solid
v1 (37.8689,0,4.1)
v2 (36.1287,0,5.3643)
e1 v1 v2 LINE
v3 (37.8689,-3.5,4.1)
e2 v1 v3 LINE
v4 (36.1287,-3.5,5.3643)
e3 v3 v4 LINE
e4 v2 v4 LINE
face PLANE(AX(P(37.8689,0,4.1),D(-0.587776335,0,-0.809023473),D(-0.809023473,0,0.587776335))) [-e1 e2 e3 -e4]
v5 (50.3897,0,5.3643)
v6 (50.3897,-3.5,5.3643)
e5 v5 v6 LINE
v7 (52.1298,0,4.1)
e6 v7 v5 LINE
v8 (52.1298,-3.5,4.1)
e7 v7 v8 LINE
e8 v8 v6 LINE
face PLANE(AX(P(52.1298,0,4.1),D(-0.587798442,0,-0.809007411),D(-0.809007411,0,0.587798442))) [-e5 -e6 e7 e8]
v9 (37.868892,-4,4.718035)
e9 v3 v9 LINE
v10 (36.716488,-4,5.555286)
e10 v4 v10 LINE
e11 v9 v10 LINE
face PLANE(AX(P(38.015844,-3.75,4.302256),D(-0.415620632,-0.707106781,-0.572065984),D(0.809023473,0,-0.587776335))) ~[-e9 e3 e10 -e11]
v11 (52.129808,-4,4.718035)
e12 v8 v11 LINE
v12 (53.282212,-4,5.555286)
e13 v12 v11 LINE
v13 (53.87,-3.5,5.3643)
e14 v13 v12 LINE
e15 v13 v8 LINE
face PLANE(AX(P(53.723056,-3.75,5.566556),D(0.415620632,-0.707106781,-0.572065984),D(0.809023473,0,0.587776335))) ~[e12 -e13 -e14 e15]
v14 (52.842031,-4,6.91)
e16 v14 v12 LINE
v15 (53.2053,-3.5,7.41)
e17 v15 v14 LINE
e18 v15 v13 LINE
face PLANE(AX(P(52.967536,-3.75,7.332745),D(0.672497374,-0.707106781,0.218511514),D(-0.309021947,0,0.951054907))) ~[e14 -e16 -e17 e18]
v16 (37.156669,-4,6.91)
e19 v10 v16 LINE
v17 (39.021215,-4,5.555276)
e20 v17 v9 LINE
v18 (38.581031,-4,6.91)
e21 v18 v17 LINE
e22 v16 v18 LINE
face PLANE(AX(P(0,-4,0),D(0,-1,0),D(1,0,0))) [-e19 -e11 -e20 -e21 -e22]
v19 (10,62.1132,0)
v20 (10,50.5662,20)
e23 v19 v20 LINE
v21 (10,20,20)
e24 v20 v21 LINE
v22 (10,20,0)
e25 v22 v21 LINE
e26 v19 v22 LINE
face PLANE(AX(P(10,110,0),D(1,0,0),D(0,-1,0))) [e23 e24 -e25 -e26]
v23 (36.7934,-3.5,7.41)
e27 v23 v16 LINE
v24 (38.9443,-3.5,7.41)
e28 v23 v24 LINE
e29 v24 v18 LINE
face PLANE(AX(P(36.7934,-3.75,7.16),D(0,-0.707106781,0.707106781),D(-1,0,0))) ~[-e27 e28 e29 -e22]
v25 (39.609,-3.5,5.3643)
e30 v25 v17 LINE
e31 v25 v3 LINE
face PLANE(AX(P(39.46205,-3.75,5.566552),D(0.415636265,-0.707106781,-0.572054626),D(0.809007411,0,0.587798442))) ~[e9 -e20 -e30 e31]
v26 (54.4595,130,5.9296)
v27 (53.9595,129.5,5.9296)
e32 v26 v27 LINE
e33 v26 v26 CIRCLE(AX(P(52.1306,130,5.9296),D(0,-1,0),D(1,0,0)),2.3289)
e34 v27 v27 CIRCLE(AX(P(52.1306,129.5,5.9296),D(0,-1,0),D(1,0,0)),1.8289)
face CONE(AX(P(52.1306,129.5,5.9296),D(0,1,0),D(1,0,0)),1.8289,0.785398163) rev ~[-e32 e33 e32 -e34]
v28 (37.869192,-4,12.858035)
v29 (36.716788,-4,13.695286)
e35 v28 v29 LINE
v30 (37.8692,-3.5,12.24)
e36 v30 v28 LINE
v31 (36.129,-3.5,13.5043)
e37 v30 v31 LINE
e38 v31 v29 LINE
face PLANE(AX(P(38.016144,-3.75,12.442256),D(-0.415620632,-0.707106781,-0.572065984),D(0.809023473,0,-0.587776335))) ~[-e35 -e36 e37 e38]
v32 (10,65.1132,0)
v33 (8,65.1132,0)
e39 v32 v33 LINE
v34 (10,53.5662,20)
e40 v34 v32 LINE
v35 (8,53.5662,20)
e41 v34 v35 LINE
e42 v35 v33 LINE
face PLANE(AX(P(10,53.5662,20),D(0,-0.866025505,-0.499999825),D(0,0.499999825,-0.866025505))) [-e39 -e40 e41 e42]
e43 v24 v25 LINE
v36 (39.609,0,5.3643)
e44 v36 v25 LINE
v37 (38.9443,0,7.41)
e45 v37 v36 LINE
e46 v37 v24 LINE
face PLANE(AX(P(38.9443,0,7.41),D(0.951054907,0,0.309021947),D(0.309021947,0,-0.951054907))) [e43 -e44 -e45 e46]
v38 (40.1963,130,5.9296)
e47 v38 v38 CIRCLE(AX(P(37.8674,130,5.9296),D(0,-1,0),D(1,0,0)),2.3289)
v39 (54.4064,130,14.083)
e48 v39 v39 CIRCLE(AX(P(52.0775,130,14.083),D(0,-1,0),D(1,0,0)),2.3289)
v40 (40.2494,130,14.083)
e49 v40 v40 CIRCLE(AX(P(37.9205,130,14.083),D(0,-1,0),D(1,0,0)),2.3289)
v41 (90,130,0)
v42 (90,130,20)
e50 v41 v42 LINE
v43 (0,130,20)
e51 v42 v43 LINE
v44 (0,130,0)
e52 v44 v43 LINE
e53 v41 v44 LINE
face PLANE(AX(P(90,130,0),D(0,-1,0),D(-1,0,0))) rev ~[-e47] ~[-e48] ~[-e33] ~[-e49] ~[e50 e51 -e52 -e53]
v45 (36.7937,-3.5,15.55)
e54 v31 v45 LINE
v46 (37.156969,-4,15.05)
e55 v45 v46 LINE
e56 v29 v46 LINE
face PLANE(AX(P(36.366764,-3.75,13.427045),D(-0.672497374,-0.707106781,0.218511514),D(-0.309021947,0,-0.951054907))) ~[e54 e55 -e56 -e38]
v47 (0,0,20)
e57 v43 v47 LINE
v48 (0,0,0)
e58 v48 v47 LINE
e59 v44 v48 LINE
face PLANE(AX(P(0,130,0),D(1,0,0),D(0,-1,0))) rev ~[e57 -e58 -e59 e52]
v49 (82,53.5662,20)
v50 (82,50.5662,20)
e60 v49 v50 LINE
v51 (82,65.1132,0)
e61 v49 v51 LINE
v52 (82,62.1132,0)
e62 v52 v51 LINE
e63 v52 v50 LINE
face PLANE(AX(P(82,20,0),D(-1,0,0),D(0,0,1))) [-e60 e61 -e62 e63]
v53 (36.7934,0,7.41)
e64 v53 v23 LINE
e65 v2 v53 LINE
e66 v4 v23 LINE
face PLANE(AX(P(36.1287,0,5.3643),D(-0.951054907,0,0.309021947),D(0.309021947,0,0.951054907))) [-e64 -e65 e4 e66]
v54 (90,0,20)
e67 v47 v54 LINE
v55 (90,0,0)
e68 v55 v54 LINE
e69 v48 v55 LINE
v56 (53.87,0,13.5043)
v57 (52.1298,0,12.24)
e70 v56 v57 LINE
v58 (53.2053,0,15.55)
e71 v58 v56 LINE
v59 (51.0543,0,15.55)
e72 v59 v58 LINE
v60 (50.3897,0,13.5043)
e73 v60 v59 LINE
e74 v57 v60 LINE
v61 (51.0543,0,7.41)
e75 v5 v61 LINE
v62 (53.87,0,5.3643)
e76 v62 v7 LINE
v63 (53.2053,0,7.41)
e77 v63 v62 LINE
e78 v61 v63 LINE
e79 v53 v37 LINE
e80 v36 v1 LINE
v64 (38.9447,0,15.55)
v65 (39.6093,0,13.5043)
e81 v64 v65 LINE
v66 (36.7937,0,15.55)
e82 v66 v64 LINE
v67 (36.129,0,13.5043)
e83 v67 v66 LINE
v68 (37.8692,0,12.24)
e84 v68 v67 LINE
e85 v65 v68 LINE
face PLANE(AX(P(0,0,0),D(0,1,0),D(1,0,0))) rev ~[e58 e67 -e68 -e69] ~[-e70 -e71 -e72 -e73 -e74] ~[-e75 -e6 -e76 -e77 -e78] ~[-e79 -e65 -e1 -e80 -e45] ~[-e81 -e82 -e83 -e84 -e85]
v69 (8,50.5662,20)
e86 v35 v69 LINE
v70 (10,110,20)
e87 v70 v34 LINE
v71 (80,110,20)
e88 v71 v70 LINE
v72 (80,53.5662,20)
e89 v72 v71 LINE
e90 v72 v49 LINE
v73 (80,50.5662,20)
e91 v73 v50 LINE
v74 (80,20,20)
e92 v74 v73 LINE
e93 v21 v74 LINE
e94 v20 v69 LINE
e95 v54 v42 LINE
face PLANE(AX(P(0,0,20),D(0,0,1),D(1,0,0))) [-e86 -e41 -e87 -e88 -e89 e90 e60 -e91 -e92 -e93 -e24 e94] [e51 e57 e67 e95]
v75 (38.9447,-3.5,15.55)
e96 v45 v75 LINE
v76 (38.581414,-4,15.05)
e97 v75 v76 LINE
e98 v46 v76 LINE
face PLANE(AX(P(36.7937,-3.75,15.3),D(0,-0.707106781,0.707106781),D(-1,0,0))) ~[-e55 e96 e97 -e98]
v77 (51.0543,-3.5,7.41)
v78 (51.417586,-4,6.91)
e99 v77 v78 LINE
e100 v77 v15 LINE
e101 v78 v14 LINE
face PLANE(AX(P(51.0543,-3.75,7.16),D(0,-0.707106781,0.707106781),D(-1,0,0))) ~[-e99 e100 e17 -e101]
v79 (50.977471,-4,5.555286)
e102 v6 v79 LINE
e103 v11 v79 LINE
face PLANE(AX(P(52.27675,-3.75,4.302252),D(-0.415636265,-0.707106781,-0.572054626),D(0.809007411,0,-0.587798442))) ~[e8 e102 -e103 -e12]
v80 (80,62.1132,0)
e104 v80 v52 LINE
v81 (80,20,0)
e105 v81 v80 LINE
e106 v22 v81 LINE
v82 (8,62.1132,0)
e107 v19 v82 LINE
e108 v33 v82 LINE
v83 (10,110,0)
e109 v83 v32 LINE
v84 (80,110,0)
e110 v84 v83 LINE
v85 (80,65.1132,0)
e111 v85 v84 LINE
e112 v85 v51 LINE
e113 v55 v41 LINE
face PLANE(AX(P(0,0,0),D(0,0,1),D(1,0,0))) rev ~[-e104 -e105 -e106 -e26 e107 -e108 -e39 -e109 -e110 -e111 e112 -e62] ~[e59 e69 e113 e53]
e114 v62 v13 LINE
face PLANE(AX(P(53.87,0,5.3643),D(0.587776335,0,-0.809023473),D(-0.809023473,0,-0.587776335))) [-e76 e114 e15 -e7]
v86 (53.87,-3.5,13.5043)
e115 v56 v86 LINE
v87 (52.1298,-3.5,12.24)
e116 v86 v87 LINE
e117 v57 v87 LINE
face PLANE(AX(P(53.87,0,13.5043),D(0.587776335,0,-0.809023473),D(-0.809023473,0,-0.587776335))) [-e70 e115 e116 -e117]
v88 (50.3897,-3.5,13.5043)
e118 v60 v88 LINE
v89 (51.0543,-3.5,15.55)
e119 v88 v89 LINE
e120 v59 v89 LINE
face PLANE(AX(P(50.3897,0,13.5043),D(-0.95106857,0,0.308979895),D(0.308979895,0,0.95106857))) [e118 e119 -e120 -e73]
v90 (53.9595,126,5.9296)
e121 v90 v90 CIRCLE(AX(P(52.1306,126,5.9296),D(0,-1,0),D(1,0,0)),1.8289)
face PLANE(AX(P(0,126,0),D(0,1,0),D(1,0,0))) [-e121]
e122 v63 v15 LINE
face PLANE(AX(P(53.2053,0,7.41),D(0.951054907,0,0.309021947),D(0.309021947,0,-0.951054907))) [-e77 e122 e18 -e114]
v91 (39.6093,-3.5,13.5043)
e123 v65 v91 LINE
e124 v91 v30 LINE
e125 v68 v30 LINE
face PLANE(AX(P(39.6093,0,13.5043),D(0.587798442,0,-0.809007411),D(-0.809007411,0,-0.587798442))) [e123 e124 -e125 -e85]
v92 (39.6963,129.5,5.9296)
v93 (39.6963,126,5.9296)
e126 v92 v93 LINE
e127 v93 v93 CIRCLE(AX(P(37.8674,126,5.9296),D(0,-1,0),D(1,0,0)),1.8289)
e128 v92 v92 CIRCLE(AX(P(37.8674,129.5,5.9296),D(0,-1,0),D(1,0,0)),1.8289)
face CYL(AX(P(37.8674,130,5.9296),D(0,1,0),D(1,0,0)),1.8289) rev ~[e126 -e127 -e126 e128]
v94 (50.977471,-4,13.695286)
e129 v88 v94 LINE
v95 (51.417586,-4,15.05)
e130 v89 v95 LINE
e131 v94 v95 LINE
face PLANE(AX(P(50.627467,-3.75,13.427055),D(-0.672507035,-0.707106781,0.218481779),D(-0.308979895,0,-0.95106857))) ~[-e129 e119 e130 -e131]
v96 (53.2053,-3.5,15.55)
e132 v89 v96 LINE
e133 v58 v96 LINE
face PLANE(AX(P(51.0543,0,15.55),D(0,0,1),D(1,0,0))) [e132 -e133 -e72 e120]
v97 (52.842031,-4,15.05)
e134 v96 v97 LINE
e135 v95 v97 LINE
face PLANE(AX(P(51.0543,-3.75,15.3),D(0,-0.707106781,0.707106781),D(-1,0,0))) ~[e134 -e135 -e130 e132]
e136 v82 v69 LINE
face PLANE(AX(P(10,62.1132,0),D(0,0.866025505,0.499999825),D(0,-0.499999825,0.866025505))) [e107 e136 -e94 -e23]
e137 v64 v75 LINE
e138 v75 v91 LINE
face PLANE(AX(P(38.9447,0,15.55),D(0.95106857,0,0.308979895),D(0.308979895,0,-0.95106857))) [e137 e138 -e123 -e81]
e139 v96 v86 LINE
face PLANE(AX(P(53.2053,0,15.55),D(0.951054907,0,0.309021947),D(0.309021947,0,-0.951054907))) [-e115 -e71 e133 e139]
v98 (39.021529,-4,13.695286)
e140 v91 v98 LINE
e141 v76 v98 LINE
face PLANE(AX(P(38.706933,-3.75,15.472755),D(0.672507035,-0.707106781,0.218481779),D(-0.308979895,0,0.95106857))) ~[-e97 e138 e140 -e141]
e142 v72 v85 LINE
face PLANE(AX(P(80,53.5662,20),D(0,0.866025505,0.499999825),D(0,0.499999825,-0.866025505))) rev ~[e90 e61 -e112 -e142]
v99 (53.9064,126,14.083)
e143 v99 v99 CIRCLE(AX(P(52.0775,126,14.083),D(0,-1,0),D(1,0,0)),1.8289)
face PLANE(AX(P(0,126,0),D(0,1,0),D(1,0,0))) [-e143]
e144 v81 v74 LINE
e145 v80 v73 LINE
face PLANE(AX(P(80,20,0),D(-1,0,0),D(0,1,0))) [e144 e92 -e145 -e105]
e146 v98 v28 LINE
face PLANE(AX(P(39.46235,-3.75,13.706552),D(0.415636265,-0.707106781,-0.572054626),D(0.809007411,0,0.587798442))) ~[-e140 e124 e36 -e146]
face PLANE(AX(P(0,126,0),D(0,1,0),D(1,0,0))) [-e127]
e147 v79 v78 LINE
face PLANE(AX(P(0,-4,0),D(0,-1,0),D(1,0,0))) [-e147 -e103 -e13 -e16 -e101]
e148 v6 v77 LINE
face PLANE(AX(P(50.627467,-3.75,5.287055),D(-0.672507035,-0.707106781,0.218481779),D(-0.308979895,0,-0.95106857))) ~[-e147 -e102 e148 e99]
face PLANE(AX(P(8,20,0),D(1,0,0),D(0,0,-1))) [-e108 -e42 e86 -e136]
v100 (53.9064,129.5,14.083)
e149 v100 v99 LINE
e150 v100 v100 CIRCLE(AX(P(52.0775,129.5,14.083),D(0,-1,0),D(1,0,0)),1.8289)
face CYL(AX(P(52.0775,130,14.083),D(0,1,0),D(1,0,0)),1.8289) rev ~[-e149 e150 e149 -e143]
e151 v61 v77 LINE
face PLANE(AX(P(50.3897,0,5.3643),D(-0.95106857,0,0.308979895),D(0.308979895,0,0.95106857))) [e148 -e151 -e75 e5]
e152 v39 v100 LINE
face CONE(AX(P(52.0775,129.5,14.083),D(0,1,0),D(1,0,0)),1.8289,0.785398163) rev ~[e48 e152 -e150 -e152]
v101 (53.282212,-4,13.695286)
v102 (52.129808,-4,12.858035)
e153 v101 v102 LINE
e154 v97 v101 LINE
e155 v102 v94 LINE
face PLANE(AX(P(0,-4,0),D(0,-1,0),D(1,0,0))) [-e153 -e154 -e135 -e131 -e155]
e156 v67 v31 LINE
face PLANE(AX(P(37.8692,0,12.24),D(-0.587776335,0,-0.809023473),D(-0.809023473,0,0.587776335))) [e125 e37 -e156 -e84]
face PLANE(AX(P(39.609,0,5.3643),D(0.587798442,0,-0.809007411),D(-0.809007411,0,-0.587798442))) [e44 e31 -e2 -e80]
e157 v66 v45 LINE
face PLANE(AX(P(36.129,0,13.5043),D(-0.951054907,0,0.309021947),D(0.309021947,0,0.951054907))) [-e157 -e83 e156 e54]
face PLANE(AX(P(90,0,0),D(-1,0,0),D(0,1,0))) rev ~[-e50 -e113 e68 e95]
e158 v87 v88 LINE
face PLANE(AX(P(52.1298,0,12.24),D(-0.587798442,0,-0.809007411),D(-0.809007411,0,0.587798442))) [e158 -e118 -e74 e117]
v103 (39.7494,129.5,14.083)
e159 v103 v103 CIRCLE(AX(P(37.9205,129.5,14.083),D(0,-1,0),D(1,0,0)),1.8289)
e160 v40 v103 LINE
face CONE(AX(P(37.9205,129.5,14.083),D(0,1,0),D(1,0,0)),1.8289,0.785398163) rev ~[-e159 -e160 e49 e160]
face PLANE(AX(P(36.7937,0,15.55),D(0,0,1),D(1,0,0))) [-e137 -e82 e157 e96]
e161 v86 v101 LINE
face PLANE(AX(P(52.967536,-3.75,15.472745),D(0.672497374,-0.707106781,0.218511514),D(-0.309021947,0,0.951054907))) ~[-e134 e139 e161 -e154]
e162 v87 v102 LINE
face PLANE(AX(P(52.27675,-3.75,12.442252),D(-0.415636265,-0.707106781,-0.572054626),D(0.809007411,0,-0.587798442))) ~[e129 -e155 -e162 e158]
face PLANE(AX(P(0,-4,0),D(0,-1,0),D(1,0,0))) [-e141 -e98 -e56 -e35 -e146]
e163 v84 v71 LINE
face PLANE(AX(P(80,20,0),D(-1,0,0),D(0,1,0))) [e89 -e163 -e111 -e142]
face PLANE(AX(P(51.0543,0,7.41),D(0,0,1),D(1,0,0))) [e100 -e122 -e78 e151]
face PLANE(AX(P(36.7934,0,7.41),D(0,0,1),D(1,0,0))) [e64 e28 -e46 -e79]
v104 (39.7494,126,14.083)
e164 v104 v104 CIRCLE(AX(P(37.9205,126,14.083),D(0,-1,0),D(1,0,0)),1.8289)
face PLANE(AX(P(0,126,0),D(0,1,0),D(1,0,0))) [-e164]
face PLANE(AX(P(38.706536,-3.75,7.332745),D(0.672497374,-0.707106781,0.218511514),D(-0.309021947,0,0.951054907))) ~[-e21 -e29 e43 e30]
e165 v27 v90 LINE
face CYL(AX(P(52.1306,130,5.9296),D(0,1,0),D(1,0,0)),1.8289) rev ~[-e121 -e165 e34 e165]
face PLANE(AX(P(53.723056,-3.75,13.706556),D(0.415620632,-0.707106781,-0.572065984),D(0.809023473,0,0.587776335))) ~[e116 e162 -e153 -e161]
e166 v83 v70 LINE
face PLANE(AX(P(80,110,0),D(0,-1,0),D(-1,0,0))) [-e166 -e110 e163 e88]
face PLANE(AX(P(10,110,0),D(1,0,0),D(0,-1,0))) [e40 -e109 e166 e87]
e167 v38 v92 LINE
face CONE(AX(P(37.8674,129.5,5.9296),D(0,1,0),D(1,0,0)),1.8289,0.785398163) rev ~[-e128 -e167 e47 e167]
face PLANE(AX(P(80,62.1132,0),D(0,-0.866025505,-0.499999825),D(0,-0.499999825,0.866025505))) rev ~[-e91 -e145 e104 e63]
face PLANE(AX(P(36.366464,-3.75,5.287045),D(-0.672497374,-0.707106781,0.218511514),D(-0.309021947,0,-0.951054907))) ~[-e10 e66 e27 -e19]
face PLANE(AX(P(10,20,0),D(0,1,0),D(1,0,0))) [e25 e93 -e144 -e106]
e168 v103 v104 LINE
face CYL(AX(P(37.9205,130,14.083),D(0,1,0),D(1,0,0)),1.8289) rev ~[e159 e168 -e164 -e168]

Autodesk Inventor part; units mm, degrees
ref_plane "YZ Plane" through (0, 0, 0) normal (1, 0, 0) x (0, 1, 0)
ref_plane "XZ Plane" through (0, 0, 0) normal (0, 1, 0) x (-1, 0, 0)
ref_plane "XY Plane" through (0, 0, 0) normal (0, 0, 1) x (1, 0, 0)
sketch "Sketch1" plane through (0, 0, 0) normal (0, 0, 1) x (1, 0, 0)
  line L0 (0, 0) -> (90, 0)
  line L1 (90, 0) -> (90, 130)
  line L2 (90, 130) -> (0, 130)
  line L3 (0, 130) -> (0, 0)
  line L4 (10, 20) -> (80, 20)
  line L5 (80, 20) -> (80, 110)
  line L6 (80, 110) -> (10, 110)
  line L7 (10, 110) -> (10, 20)
  dimension "d0" = 90
  dimension "d1" = 130
  dimension "d2" = 70
  dimension "d3" = 90
  dimension "d16" = 20
  dimension "d17" = 20
  dimension "d18" = 10
extrude "Extrusion1" add sketch "Sketch1" along normal blind 20
sketch "Sketch2" plane through (10, 20, 0) normal (1, 0, 0) x (0, 0, -1)
  line L0 (0, 90) -> (0, 0) projected
  line L1 (0, 42.1132) -> (-20, 30.5662)
  line L2 (-20, 110) -> (-20, -20) projected
  line L3 (0, 42.1132) -> (23.094, 42.1132) construction
  line L4 (-20, 30.5662) -> (-20, 33.5662)
  line L5 (-20, 33.5662) -> (0, 45.1132)
  line L6 (0, 42.1132) -> (0, 45.1132)
  point P0 (-20, 0)
  point P1 (0, -20)
  dimension "d6" = 210
  dimension "d7" = 3
  dimension "d8" = 26.4711
extrude "Extrusion2" cut sketch "Sketch2" against normal blind 2
sketch "Sketch3" plane through (80, 20, 0) normal (-1, 0, 0) x (0, 0, 1)
  line L0 (0, 0) -> (0, 90) projected
  line L1 (20, 90) -> (20, 0) projected
  line L2 (0, 42.1132) -> (20, 30.5662)
  line L3 (0, 42.1132) -> (23.094, 42.1132) construction
  line L4 (20, 30.5662) -> (20, 33.5662)
  line L5 (20, 33.5662) -> (0, 45.1132)
  line L6 (0, 42.1132) -> (0, 45.1132)
  point P0 (0, -20)
  dimension "d11" = 30
  dimension "d12" = 3
  dimension "d13" = 26.4711
extrude "Extrusion3" cut sketch "Sketch3" against normal blind 2
sketch "Sketch4" plane through (0, 0, 0) normal (0, -1, 0) x (1, 0, 0)
  line L0 (0, 0) -> (90, 0) projected
  line L1 (90, 0) -> (90, 20) projected
  line L2 (0, 20) -> (90, 20) projected
  line L3 (0, 0) -> (0, 20) projected
  line L4 (55, 3) -> (35, 3)
  line L5 (35, 3) -> (35, 17)
  line L6 (35, 17) -> (55, 17)
  line L7 (55, 17) -> (55, 3)
  line L8 (53.2053, 7.41) -> (53.87, 5.3643)
  line L9 (53.87, 5.3643) -> (52.1298, 4.1)
  line L10 (52.1298, 4.1) -> (50.3897, 5.3643)
  line L11 (50.3897, 5.3643) -> (51.0543, 7.41)
  line L12 (51.0543, 7.41) -> (53.2053, 7.41)
  line L13 (38.9443, 7.41) -> (39.609, 5.3643)
  line L14 (39.609, 5.3643) -> (37.8689, 4.1)
  line L15 (37.8689, 4.1) -> (36.1287, 5.3643)
  line L16 (36.1287, 5.3643) -> (36.7934, 7.41)
  line L17 (36.7934, 7.41) -> (38.9443, 7.41)
  line L18 (38.9447, 15.55) -> (39.6093, 13.5043)
  line L19 (39.6093, 13.5043) -> (37.8692, 12.24)
  line L20 (37.8692, 12.24) -> (36.129, 13.5043)
  line L21 (36.129, 13.5043) -> (36.7937, 15.55)
  line L22 (36.7937, 15.55) -> (38.9447, 15.55)
  line L23 (53.2053, 15.55) -> (53.87, 13.5043)
  line L24 (53.87, 13.5043) -> (52.1298, 12.24)
  line L25 (52.1298, 12.24) -> (50.3897, 13.5043)
  line L26 (50.3897, 13.5043) -> (51.0543, 15.55)
  line L27 (51.0543, 15.55) -> (53.2053, 15.55)
  point P0 (52.1298, 5.9297)
  point P1 (37.8689, 5.9297)
  point P2 (37.8692, 14.0697)
  point P3 (52.1298, 14.0697)
  dimension "d19" = 20
  dimension "d20" = 14
  dimension "d21" = 3
  dimension "d22" = 3
  dimension "d23" = 35
  dimension "d24" = 35
  dimension "d25" = 1.45
  dimension "d26" = 1.45
  dimension "d27" = 1.1
  dimension "d28" = 1.1
  dimension "d29" = 12.11
  dimension "d30" = 1.13
  dimension "d31" = 1.13
  dimension "d32" = 4.83
  dimension "d33" = 4.83
  dimension "d34" = 1.129
  dimension "d35" = 1.1287
extrude "Extrusion4" add sketch "Sketch4" along normal blind 4 contours L8 L9 L10 L11 L12 | L13 L14 L15 L16 L17 | L18 L19 L20 L21 L22 | L23 L24 L25 L26 L27
chamfer "Chamfer1" distance 0.5 angle 45 20 edges at (52.1298, -4, 15.55) (50.722, -4, 14.5272) (51.2597, -4, 12.8722) (52.9999, -4, 12.8722) (53.5377, -4, 14.5272) (52.1298, -4, 7.41) (53.5377, -4, 6.3872) (52.9999, -4, 4.7322) (51.2597, -4, 4.7322) (50.722, -4, 6.3872) (39.277, -4, 14.5272) (38.7393, -4, 12.8722) (36.9991, -4, 12.8722) (36.4613, -4, 14.5272) (37.8692, -4, 15.55) (37.8689, -4, 7.41) (39.2767, -4, 6.3872) (38.7389, -4, 4.7322) (36.9988, -4, 4.7322) (36.461, -4, 6.3872)
sketch "Sketch5" plane through (0, 130, 0) normal (0, 1, 0) x (1, 0, 0)
  line L0 (90, 0) -> (0, 0) projected
  line L1 (0, 0) -> (0, -20) projected
  line L2 (90, -20) -> (0, -20) projected
  line L3 (90, 0) -> (90, -20) projected
  line L4 (55, -17) -> (35, -17)
  line L5 (35, -17) -> (35, -3)
  line L6 (35, -3) -> (55, -3)
  line L7 (55, -3) -> (55, -17)
  line L8 (52.2861, -15.9) -> (50.4139, -14.8429)
  line L9 (50.4139, -14.8429) -> (50.8408, -12.7357)
  line L10 (50.8408, -12.7357) -> (52.9767, -12.4905)
  line L11 (52.9767, -12.4905) -> (53.87, -14.4461)
  line L12 (53.87, -14.4461) -> (52.2861, -15.9)
  line L13 (37.7119, -15.9) -> (36.128, -14.4461)
  line L14 (36.128, -14.4461) -> (37.0213, -12.4905)
  line L15 (37.0213, -12.4905) -> (39.1572, -12.7357)
  line L16 (39.1572, -12.7357) -> (39.5841, -14.8429)
  line L17 (39.5841, -14.8429) -> (37.7119, -15.9)
  line L18 (37.8674, -7.7585) -> (36.128, -6.4948)
  line L19 (36.128, -6.4948) -> (36.7924, -4.45)
  line L20 (36.7924, -4.45) -> (38.9424, -4.45)
  line L21 (38.9424, -4.45) -> (39.6068, -6.4948)
  line L22 (39.6068, -6.4948) -> (37.8674, -7.7585)
  line L23 (52.1306, -7.7585) -> (50.3912, -6.4948)
  line L24 (50.3912, -6.4948) -> (51.0556, -4.45)
  line L25 (51.0556, -4.45) -> (53.2056, -4.45)
  line L26 (53.2056, -4.45) -> (53.87, -6.4948)
  line L27 (53.87, -6.4948) -> (52.1306, -7.7585)
  circle A0 centre (52.0775, -14.083) radius 1.8289
  circle A1 centre (37.9205, -14.083) radius 1.8289
  circle A2 centre (37.8674, -5.9296) radius 1.8289
  circle A3 centre (52.1306, -5.9296) radius 1.8289
  dimension "d41" = 20
  dimension "d42" = 14
  dimension "d43" = 3
  dimension "d44" = 3
  dimension "d45" = 35
  dimension "d46" = 35
  dimension "d62" = 2.15
  dimension "d63" = 2.15
  dimension "d64" = 2.15
  dimension "d65" = 2.15
  dimension "d66" = 1.13
  dimension "d67" = 1.13
  dimension "d68" = 1.128
  dimension "d69" = 1.1
  dimension "d70" = 1.1
  dimension "d71" = 1.45
  dimension "d72" = 1.45
  dimension "d73" = 1.128
extrude "Extrusion5" cut sketch "Sketch5" against normal blind 4 contours A0 L8 | L8 L9 L10 L11 L12 | L12 A0 | A0 L9 | L11 A0 | A0 L10 | A1 L13 | L13 L14 L15 L16 L17 | L17 A1 | A1 L14 | L16 A1 | A1 L15 | A2 L18 | L18 L19 L20 L21 L22 | L22 A2 | A2 L19 | L21 A2 | A2 L20 | A3 L23 | L23 L24 L25 L26 L27 | L27 A3 | A3 L24 | L26 A3 | A3 L25
chamfer "Chamfer2" distance 0.5 angle 45 4 edges at (50.2486, 130, 14.083) (36.0916, 130, 14.083) (36.0385, 130, 5.9296) (50.3017, 130, 5.9296)
properties part number "Frame V2"
